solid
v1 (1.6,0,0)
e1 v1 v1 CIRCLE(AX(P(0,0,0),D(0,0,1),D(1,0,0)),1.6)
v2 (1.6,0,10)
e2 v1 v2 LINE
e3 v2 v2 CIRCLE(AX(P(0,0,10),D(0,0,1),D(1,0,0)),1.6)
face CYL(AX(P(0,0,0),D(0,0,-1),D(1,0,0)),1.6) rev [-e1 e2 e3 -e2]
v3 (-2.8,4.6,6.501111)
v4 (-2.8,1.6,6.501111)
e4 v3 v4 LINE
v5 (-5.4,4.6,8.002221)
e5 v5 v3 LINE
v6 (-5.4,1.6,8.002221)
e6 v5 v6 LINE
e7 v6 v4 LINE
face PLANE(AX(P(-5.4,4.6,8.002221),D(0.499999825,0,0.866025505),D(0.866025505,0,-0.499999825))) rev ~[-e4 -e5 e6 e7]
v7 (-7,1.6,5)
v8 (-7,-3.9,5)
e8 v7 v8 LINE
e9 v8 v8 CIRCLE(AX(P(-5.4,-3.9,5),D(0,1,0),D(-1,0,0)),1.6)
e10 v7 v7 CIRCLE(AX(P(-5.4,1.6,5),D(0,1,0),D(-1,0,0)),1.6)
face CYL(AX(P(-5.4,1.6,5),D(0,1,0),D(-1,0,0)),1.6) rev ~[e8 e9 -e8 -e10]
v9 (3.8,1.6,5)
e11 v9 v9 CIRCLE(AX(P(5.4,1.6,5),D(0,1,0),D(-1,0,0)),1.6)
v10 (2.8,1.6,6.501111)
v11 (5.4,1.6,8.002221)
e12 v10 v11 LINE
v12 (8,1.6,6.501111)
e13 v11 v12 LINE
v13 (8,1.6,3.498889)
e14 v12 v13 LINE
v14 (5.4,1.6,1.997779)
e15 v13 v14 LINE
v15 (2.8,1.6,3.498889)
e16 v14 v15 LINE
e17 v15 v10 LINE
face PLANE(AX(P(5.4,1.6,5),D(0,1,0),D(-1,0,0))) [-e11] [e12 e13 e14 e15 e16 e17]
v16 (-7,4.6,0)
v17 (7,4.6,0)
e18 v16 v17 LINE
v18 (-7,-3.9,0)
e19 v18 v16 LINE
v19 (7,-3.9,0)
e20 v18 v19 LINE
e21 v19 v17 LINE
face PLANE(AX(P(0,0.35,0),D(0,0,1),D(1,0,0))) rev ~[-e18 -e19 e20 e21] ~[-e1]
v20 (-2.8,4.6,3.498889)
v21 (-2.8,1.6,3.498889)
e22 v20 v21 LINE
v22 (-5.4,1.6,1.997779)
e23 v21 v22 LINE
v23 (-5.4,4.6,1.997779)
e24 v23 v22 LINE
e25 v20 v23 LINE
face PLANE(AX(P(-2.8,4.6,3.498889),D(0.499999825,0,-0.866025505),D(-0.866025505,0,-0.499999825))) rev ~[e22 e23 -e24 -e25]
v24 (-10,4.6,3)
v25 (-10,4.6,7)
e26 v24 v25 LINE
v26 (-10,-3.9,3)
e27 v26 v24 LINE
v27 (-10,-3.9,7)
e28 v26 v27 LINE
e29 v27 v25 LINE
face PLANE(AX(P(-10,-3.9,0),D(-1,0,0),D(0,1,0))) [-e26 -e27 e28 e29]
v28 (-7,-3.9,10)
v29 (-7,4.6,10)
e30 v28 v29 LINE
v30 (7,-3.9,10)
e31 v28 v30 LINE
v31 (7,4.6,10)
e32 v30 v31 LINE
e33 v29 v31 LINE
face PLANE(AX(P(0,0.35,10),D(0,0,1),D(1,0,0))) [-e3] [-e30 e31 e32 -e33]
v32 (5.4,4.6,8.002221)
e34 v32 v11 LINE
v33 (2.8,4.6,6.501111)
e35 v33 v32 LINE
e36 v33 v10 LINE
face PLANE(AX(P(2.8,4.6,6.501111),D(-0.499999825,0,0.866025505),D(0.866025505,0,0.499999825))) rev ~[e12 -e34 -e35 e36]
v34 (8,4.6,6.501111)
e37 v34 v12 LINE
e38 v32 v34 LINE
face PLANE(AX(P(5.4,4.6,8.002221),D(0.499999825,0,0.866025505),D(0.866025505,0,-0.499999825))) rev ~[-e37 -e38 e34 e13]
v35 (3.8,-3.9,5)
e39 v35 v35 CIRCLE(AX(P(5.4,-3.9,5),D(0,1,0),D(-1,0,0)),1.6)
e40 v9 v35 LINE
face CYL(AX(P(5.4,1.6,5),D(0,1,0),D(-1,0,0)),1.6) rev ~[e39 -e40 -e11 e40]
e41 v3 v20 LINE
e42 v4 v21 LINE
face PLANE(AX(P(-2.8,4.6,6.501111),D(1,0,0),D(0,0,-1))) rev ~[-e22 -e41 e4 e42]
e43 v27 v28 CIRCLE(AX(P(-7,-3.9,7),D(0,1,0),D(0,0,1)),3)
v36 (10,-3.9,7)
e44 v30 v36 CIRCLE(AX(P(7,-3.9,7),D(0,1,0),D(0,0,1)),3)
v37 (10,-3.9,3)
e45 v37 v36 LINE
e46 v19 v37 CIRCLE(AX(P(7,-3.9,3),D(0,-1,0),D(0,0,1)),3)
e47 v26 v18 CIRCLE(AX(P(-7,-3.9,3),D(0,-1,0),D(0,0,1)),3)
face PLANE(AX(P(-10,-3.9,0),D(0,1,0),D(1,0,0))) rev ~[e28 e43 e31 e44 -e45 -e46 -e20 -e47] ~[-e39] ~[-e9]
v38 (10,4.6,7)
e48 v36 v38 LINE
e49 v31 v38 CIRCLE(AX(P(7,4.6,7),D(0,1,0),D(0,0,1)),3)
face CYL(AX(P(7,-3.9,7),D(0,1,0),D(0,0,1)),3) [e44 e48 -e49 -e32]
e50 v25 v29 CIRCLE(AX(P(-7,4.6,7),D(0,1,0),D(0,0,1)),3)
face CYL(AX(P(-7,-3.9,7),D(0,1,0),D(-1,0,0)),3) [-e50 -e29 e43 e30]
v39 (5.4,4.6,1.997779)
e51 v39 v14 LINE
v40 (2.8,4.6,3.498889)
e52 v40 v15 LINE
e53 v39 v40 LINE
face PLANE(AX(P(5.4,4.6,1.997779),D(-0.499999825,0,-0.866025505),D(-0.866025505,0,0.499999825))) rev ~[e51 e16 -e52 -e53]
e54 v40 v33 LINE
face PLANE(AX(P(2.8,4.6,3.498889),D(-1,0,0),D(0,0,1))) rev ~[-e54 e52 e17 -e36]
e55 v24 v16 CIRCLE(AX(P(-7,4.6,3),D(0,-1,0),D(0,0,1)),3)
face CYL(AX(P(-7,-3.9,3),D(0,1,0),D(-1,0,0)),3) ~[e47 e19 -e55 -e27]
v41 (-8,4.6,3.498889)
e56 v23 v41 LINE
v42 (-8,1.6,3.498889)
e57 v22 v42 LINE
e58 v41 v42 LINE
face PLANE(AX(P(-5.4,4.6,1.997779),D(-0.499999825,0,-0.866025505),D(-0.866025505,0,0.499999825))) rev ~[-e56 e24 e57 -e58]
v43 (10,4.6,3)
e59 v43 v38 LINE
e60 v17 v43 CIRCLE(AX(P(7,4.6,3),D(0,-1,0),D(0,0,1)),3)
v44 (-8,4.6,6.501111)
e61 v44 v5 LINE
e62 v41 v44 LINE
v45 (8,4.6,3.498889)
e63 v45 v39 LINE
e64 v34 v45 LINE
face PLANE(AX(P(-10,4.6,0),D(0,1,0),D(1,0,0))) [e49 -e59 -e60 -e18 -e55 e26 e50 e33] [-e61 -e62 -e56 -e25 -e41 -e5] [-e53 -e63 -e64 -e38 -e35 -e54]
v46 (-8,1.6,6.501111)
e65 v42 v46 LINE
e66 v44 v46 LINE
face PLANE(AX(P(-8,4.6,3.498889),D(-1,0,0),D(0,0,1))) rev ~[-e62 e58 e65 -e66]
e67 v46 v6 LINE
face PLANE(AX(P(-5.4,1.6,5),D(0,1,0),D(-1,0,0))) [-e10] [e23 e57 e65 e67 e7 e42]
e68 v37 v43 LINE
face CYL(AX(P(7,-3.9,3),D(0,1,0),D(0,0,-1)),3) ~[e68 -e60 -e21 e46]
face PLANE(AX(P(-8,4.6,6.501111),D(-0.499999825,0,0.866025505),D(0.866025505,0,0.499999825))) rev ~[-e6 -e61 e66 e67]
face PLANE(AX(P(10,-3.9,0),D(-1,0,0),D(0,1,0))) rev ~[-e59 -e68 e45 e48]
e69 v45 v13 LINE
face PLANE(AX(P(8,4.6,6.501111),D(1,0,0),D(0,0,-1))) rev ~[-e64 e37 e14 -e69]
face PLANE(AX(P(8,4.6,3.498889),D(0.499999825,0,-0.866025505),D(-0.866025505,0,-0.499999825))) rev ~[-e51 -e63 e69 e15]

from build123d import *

# Parameters (mm, degrees)
SKETCH_W        = 20
SKETCH_H        = 8.5
SKETCH_R        = 1.6
PAD_DEPTH       = 10
POCKET_DEPTH    = 3
SKETCH002_R     = 1.6
POCKET001_DEPTH = 5.501
FILLET_R        = 3


with BuildPart() as part:
    # Sketch → Pad (new body)
    with BuildSketch(Plane.XY):
        with Locations((0, 0.35)):
            Rectangle(SKETCH_W, SKETCH_H)
        Circle(SKETCH_R, mode=Mode.SUBTRACT)
    extrude(amount=PAD_DEPTH)

    # Sketch001 (on Face1 of Pad) → Pocket (cut)
    with BuildSketch(Plane(origin=(0, 4.6, 0), x_dir=(-1, 0, 0), z_dir=(0, 1, 0))):
        Polygon((-5.4, 1.997779), (-2.8, 3.498889), (-2.8, 6.501111), (-5.4, 8.002221), (-8, 6.501111), (-8, 3.498889), align=None)
        Polygon((5.4, 1.997779), (8, 3.498889), (8, 6.501111), (5.4, 8.002221), (2.8, 6.501111), (2.8, 3.498889), align=None)
    extrude(amount=-POCKET_DEPTH, mode=Mode.SUBTRACT)

    # Sketch002 (on Face20 of Pocket) → Pocket001 (cut, through all)
    with BuildSketch(Plane(origin=(0, 1.6, 0), x_dir=(-1, 0, 0), z_dir=(0, 1, 0))):
        with Locations((-5.4, 5)):
            Circle(SKETCH002_R)
        with Locations((5.4, 5)):
            Circle(SKETCH002_R)
    extrude(amount=-POCKET001_DEPTH, mode=Mode.SUBTRACT)

    # Fillet
    fillet_edges = [part.edges().sort_by_distance(p)[0] for p in [
        (10, 0.35, 0),
        (10, 0.35, 10),
        (-10, 0.35, 0),
        (-10, 0.35, 10),
    ]]
    fillet(fillet_edges, radius=FILLET_R)


solid = part.part
